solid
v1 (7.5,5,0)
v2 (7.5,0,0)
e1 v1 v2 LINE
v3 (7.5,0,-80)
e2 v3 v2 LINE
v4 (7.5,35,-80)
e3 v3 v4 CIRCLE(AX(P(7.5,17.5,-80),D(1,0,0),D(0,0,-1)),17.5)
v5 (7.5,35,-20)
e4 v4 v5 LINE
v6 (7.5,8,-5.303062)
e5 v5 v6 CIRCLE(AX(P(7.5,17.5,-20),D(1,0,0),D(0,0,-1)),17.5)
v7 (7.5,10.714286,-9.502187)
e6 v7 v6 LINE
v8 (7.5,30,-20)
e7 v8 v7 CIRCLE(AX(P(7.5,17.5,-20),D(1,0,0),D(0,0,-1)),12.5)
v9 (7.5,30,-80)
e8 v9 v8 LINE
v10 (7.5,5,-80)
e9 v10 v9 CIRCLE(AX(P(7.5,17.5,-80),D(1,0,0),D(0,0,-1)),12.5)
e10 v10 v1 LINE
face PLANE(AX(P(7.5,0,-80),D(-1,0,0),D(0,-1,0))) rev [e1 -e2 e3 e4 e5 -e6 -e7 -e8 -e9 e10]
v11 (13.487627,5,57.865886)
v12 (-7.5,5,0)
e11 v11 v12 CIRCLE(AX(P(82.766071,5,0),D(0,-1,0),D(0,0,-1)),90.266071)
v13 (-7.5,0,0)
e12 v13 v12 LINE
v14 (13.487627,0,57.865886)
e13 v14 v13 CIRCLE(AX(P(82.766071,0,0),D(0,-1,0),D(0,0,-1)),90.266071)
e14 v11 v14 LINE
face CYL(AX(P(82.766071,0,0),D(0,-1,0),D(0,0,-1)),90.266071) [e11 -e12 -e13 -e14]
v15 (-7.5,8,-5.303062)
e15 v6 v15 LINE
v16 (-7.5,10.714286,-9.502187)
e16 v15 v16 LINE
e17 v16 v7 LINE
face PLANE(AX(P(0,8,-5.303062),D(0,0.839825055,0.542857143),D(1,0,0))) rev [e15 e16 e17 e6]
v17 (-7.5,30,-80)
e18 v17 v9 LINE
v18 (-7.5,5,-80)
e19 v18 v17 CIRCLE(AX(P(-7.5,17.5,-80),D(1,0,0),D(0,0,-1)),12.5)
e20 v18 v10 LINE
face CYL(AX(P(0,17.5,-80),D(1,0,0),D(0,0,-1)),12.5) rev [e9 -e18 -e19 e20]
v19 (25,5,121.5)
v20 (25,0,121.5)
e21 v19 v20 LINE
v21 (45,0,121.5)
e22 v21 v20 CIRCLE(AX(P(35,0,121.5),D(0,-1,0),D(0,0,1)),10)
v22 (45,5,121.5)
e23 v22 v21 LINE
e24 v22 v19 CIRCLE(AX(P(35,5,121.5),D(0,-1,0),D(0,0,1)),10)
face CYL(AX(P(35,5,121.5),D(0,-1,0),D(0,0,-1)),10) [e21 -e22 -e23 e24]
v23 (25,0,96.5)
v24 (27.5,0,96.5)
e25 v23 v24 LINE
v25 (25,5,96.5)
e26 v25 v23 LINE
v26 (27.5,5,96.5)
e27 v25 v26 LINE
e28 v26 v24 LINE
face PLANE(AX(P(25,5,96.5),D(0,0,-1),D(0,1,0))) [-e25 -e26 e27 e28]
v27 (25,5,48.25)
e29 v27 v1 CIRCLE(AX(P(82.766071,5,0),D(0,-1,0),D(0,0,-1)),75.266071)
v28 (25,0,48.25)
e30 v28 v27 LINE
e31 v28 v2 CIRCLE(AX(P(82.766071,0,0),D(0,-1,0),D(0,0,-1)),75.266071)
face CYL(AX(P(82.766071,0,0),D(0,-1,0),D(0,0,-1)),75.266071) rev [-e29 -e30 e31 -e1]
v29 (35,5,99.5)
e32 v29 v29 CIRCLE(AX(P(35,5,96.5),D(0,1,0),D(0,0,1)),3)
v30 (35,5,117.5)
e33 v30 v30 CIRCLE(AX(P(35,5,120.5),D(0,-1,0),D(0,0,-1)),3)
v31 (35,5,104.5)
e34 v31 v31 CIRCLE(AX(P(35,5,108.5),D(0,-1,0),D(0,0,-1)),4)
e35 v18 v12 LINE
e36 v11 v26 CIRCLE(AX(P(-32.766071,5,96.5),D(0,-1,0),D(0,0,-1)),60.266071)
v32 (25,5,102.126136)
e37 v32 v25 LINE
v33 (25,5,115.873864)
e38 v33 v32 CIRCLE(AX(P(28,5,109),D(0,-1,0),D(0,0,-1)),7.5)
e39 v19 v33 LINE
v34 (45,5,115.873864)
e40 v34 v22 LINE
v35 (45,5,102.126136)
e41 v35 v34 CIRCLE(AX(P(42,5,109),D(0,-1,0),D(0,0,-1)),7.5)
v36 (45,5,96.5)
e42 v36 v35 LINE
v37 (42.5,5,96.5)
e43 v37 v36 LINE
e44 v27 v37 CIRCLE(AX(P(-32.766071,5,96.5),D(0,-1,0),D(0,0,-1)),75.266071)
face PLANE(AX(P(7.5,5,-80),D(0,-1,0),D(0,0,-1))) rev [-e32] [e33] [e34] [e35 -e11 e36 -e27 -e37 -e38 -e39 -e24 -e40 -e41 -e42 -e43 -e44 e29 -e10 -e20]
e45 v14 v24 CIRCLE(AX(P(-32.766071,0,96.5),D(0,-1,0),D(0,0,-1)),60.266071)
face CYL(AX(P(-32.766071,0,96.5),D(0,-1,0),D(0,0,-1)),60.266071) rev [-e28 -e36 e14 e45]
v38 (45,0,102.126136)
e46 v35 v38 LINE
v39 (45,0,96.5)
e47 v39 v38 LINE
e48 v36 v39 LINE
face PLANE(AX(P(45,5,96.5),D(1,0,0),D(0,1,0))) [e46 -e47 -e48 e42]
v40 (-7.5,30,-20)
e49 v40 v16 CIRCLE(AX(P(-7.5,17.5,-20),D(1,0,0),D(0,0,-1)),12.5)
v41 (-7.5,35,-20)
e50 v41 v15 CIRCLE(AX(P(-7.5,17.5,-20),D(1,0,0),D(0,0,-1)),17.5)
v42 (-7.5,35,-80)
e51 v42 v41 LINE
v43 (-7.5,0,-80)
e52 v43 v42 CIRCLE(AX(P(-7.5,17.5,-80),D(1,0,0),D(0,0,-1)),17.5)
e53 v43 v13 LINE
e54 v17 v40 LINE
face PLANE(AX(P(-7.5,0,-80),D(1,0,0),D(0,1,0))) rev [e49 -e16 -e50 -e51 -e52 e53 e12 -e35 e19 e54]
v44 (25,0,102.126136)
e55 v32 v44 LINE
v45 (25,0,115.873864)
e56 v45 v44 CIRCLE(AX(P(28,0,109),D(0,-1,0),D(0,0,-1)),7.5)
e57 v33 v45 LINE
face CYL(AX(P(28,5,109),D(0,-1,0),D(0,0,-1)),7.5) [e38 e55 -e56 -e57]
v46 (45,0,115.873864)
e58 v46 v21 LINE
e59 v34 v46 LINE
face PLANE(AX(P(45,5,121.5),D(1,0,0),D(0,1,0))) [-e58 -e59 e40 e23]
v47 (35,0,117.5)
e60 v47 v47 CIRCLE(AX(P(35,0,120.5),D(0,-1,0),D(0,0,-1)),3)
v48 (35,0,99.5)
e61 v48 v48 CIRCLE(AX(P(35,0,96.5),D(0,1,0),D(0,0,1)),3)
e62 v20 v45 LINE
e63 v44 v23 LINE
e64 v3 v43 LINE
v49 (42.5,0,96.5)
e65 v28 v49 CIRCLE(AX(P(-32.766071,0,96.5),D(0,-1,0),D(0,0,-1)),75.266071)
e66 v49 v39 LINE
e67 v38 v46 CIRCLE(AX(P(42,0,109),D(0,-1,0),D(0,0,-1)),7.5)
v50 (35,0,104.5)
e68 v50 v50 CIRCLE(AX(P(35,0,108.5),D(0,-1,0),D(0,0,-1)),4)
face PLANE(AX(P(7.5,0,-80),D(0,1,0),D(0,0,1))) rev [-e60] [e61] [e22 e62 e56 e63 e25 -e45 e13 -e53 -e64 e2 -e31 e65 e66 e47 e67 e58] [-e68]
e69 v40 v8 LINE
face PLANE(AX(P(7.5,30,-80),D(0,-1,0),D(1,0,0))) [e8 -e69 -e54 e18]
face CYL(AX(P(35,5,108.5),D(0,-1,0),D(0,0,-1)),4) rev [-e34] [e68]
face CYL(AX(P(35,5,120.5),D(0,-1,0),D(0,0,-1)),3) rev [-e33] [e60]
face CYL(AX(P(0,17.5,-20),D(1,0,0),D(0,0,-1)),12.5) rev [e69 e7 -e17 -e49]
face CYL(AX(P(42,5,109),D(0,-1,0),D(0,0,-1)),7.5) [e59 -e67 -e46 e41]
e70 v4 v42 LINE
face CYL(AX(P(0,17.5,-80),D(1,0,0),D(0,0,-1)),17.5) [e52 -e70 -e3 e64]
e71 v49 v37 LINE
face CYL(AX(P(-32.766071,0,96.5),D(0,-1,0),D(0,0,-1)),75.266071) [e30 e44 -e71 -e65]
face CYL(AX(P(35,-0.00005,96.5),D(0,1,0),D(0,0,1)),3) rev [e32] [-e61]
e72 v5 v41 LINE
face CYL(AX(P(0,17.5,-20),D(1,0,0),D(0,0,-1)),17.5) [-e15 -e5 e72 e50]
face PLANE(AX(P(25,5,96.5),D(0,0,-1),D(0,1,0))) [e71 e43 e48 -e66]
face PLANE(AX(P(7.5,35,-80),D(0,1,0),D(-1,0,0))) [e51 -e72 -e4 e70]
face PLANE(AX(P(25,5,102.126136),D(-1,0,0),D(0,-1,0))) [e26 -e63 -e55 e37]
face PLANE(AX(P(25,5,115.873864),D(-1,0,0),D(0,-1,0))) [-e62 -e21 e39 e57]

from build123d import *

# Parameters (mm, degrees)
SCHIZZO2_W                   = 15
SCHIZZO2_H                   = 5
SCHIZZO5_W                   = 15
SCHIZZO5_H                   = 5
SCHIZZO9_R                   = 3
SCHIZZO9_R_2                 = 4
ESTRUSIONE_ESTRUSIONE1_DEPTH = 5
SCHIZZO10_R                  = 3
TAGLIO_ESTRUSIONE1_DEPTH     = 144.674980425


with BuildPart() as part:
    # Sweep1: sweep along a path in Schizzo1
    with BuildLine(Plane.ZY) as sweep1_path:
        Line((0, 0), (-80, 0))
        ThreePointArc((-80, 0), (-97.5, 17.5), (-80, 35))
        Line((-80, 35), (-20, 35))
        ThreePointArc((-20, 35), (-4.629573851, 25.866600265), (-5.303061543, 8))
    # Schizzo2 → Sweep1 (sweep)
    with BuildSketch(Plane(origin=(0, 0, 0), x_dir=(-1, 0, 0), z_dir=(0, 0, -1))):
        with Locations((0, 2.5)):
            Rectangle(SCHIZZO2_W, SCHIZZO2_H)
    sweep(path=sweep1_path.line)

    # Sweep2: sweep along a path in Schizzo3
    with BuildLine(Plane.XZ) as sweep2_path:
        ThreePointArc((42.5, 96.5), (37.98987096, 70.837222968), (25, 48.25))
        ThreePointArc((25, 48.25), (12.01012904, 25.662777032), (7.5, 0))
    # Schizzo5 → Sweep2 (sweep)
    with BuildSketch(Plane.XY):
        with Locations((0, 2.5)):
            Rectangle(SCHIZZO5_W, SCHIZZO5_H)
    sweep(path=sweep2_path.line)

    # Schizzo9 → Estrusione-Estrusione1 (add)
    with BuildSketch(Plane.XZ):
        with BuildLine():
            Line((25, 96.5), (45, 96.5))
            Line((45, 96.5), (45, 102.126136458))
            ThreePointArc((45, 102.126136458), (49.5, 109), (45, 115.873863542))
            Line((45, 115.873863542), (45, 121.5))
            ThreePointArc((45, 121.5), (35, 131.5), (25, 121.5))
            Line((25, 121.5), (25, 115.873863542))
            ThreePointArc((25, 115.873863542), (20.5, 109), (25, 102.126136458))
            Line((25, 102.126136458), (25, 96.5))
        make_face()
        with Locations(Location((35, 120.5, 0), (0, 0, 270))):
            Circle(SCHIZZO9_R, mode=Mode.SUBTRACT)
        with Locations(Location((35, 108.5, 0), (0, 0, 270))):
            Circle(SCHIZZO9_R_2, mode=Mode.SUBTRACT)
    extrude(amount=-ESTRUSIONE_ESTRUSIONE1_DEPTH)

    # Schizzo10 → Taglio-Estrusione1 (cut, through all)
    with BuildSketch(Plane(origin=(0, 5, 0), x_dir=(1, 0, 0), z_dir=(0, 1, 0))):
        with Locations(Location((35, -96.5, 0), (0, 0, 270))):
            Circle(SCHIZZO10_R)
    extrude(amount=-TAGLIO_ESTRUSIONE1_DEPTH, mode=Mode.SUBTRACT)


solid = part.part
